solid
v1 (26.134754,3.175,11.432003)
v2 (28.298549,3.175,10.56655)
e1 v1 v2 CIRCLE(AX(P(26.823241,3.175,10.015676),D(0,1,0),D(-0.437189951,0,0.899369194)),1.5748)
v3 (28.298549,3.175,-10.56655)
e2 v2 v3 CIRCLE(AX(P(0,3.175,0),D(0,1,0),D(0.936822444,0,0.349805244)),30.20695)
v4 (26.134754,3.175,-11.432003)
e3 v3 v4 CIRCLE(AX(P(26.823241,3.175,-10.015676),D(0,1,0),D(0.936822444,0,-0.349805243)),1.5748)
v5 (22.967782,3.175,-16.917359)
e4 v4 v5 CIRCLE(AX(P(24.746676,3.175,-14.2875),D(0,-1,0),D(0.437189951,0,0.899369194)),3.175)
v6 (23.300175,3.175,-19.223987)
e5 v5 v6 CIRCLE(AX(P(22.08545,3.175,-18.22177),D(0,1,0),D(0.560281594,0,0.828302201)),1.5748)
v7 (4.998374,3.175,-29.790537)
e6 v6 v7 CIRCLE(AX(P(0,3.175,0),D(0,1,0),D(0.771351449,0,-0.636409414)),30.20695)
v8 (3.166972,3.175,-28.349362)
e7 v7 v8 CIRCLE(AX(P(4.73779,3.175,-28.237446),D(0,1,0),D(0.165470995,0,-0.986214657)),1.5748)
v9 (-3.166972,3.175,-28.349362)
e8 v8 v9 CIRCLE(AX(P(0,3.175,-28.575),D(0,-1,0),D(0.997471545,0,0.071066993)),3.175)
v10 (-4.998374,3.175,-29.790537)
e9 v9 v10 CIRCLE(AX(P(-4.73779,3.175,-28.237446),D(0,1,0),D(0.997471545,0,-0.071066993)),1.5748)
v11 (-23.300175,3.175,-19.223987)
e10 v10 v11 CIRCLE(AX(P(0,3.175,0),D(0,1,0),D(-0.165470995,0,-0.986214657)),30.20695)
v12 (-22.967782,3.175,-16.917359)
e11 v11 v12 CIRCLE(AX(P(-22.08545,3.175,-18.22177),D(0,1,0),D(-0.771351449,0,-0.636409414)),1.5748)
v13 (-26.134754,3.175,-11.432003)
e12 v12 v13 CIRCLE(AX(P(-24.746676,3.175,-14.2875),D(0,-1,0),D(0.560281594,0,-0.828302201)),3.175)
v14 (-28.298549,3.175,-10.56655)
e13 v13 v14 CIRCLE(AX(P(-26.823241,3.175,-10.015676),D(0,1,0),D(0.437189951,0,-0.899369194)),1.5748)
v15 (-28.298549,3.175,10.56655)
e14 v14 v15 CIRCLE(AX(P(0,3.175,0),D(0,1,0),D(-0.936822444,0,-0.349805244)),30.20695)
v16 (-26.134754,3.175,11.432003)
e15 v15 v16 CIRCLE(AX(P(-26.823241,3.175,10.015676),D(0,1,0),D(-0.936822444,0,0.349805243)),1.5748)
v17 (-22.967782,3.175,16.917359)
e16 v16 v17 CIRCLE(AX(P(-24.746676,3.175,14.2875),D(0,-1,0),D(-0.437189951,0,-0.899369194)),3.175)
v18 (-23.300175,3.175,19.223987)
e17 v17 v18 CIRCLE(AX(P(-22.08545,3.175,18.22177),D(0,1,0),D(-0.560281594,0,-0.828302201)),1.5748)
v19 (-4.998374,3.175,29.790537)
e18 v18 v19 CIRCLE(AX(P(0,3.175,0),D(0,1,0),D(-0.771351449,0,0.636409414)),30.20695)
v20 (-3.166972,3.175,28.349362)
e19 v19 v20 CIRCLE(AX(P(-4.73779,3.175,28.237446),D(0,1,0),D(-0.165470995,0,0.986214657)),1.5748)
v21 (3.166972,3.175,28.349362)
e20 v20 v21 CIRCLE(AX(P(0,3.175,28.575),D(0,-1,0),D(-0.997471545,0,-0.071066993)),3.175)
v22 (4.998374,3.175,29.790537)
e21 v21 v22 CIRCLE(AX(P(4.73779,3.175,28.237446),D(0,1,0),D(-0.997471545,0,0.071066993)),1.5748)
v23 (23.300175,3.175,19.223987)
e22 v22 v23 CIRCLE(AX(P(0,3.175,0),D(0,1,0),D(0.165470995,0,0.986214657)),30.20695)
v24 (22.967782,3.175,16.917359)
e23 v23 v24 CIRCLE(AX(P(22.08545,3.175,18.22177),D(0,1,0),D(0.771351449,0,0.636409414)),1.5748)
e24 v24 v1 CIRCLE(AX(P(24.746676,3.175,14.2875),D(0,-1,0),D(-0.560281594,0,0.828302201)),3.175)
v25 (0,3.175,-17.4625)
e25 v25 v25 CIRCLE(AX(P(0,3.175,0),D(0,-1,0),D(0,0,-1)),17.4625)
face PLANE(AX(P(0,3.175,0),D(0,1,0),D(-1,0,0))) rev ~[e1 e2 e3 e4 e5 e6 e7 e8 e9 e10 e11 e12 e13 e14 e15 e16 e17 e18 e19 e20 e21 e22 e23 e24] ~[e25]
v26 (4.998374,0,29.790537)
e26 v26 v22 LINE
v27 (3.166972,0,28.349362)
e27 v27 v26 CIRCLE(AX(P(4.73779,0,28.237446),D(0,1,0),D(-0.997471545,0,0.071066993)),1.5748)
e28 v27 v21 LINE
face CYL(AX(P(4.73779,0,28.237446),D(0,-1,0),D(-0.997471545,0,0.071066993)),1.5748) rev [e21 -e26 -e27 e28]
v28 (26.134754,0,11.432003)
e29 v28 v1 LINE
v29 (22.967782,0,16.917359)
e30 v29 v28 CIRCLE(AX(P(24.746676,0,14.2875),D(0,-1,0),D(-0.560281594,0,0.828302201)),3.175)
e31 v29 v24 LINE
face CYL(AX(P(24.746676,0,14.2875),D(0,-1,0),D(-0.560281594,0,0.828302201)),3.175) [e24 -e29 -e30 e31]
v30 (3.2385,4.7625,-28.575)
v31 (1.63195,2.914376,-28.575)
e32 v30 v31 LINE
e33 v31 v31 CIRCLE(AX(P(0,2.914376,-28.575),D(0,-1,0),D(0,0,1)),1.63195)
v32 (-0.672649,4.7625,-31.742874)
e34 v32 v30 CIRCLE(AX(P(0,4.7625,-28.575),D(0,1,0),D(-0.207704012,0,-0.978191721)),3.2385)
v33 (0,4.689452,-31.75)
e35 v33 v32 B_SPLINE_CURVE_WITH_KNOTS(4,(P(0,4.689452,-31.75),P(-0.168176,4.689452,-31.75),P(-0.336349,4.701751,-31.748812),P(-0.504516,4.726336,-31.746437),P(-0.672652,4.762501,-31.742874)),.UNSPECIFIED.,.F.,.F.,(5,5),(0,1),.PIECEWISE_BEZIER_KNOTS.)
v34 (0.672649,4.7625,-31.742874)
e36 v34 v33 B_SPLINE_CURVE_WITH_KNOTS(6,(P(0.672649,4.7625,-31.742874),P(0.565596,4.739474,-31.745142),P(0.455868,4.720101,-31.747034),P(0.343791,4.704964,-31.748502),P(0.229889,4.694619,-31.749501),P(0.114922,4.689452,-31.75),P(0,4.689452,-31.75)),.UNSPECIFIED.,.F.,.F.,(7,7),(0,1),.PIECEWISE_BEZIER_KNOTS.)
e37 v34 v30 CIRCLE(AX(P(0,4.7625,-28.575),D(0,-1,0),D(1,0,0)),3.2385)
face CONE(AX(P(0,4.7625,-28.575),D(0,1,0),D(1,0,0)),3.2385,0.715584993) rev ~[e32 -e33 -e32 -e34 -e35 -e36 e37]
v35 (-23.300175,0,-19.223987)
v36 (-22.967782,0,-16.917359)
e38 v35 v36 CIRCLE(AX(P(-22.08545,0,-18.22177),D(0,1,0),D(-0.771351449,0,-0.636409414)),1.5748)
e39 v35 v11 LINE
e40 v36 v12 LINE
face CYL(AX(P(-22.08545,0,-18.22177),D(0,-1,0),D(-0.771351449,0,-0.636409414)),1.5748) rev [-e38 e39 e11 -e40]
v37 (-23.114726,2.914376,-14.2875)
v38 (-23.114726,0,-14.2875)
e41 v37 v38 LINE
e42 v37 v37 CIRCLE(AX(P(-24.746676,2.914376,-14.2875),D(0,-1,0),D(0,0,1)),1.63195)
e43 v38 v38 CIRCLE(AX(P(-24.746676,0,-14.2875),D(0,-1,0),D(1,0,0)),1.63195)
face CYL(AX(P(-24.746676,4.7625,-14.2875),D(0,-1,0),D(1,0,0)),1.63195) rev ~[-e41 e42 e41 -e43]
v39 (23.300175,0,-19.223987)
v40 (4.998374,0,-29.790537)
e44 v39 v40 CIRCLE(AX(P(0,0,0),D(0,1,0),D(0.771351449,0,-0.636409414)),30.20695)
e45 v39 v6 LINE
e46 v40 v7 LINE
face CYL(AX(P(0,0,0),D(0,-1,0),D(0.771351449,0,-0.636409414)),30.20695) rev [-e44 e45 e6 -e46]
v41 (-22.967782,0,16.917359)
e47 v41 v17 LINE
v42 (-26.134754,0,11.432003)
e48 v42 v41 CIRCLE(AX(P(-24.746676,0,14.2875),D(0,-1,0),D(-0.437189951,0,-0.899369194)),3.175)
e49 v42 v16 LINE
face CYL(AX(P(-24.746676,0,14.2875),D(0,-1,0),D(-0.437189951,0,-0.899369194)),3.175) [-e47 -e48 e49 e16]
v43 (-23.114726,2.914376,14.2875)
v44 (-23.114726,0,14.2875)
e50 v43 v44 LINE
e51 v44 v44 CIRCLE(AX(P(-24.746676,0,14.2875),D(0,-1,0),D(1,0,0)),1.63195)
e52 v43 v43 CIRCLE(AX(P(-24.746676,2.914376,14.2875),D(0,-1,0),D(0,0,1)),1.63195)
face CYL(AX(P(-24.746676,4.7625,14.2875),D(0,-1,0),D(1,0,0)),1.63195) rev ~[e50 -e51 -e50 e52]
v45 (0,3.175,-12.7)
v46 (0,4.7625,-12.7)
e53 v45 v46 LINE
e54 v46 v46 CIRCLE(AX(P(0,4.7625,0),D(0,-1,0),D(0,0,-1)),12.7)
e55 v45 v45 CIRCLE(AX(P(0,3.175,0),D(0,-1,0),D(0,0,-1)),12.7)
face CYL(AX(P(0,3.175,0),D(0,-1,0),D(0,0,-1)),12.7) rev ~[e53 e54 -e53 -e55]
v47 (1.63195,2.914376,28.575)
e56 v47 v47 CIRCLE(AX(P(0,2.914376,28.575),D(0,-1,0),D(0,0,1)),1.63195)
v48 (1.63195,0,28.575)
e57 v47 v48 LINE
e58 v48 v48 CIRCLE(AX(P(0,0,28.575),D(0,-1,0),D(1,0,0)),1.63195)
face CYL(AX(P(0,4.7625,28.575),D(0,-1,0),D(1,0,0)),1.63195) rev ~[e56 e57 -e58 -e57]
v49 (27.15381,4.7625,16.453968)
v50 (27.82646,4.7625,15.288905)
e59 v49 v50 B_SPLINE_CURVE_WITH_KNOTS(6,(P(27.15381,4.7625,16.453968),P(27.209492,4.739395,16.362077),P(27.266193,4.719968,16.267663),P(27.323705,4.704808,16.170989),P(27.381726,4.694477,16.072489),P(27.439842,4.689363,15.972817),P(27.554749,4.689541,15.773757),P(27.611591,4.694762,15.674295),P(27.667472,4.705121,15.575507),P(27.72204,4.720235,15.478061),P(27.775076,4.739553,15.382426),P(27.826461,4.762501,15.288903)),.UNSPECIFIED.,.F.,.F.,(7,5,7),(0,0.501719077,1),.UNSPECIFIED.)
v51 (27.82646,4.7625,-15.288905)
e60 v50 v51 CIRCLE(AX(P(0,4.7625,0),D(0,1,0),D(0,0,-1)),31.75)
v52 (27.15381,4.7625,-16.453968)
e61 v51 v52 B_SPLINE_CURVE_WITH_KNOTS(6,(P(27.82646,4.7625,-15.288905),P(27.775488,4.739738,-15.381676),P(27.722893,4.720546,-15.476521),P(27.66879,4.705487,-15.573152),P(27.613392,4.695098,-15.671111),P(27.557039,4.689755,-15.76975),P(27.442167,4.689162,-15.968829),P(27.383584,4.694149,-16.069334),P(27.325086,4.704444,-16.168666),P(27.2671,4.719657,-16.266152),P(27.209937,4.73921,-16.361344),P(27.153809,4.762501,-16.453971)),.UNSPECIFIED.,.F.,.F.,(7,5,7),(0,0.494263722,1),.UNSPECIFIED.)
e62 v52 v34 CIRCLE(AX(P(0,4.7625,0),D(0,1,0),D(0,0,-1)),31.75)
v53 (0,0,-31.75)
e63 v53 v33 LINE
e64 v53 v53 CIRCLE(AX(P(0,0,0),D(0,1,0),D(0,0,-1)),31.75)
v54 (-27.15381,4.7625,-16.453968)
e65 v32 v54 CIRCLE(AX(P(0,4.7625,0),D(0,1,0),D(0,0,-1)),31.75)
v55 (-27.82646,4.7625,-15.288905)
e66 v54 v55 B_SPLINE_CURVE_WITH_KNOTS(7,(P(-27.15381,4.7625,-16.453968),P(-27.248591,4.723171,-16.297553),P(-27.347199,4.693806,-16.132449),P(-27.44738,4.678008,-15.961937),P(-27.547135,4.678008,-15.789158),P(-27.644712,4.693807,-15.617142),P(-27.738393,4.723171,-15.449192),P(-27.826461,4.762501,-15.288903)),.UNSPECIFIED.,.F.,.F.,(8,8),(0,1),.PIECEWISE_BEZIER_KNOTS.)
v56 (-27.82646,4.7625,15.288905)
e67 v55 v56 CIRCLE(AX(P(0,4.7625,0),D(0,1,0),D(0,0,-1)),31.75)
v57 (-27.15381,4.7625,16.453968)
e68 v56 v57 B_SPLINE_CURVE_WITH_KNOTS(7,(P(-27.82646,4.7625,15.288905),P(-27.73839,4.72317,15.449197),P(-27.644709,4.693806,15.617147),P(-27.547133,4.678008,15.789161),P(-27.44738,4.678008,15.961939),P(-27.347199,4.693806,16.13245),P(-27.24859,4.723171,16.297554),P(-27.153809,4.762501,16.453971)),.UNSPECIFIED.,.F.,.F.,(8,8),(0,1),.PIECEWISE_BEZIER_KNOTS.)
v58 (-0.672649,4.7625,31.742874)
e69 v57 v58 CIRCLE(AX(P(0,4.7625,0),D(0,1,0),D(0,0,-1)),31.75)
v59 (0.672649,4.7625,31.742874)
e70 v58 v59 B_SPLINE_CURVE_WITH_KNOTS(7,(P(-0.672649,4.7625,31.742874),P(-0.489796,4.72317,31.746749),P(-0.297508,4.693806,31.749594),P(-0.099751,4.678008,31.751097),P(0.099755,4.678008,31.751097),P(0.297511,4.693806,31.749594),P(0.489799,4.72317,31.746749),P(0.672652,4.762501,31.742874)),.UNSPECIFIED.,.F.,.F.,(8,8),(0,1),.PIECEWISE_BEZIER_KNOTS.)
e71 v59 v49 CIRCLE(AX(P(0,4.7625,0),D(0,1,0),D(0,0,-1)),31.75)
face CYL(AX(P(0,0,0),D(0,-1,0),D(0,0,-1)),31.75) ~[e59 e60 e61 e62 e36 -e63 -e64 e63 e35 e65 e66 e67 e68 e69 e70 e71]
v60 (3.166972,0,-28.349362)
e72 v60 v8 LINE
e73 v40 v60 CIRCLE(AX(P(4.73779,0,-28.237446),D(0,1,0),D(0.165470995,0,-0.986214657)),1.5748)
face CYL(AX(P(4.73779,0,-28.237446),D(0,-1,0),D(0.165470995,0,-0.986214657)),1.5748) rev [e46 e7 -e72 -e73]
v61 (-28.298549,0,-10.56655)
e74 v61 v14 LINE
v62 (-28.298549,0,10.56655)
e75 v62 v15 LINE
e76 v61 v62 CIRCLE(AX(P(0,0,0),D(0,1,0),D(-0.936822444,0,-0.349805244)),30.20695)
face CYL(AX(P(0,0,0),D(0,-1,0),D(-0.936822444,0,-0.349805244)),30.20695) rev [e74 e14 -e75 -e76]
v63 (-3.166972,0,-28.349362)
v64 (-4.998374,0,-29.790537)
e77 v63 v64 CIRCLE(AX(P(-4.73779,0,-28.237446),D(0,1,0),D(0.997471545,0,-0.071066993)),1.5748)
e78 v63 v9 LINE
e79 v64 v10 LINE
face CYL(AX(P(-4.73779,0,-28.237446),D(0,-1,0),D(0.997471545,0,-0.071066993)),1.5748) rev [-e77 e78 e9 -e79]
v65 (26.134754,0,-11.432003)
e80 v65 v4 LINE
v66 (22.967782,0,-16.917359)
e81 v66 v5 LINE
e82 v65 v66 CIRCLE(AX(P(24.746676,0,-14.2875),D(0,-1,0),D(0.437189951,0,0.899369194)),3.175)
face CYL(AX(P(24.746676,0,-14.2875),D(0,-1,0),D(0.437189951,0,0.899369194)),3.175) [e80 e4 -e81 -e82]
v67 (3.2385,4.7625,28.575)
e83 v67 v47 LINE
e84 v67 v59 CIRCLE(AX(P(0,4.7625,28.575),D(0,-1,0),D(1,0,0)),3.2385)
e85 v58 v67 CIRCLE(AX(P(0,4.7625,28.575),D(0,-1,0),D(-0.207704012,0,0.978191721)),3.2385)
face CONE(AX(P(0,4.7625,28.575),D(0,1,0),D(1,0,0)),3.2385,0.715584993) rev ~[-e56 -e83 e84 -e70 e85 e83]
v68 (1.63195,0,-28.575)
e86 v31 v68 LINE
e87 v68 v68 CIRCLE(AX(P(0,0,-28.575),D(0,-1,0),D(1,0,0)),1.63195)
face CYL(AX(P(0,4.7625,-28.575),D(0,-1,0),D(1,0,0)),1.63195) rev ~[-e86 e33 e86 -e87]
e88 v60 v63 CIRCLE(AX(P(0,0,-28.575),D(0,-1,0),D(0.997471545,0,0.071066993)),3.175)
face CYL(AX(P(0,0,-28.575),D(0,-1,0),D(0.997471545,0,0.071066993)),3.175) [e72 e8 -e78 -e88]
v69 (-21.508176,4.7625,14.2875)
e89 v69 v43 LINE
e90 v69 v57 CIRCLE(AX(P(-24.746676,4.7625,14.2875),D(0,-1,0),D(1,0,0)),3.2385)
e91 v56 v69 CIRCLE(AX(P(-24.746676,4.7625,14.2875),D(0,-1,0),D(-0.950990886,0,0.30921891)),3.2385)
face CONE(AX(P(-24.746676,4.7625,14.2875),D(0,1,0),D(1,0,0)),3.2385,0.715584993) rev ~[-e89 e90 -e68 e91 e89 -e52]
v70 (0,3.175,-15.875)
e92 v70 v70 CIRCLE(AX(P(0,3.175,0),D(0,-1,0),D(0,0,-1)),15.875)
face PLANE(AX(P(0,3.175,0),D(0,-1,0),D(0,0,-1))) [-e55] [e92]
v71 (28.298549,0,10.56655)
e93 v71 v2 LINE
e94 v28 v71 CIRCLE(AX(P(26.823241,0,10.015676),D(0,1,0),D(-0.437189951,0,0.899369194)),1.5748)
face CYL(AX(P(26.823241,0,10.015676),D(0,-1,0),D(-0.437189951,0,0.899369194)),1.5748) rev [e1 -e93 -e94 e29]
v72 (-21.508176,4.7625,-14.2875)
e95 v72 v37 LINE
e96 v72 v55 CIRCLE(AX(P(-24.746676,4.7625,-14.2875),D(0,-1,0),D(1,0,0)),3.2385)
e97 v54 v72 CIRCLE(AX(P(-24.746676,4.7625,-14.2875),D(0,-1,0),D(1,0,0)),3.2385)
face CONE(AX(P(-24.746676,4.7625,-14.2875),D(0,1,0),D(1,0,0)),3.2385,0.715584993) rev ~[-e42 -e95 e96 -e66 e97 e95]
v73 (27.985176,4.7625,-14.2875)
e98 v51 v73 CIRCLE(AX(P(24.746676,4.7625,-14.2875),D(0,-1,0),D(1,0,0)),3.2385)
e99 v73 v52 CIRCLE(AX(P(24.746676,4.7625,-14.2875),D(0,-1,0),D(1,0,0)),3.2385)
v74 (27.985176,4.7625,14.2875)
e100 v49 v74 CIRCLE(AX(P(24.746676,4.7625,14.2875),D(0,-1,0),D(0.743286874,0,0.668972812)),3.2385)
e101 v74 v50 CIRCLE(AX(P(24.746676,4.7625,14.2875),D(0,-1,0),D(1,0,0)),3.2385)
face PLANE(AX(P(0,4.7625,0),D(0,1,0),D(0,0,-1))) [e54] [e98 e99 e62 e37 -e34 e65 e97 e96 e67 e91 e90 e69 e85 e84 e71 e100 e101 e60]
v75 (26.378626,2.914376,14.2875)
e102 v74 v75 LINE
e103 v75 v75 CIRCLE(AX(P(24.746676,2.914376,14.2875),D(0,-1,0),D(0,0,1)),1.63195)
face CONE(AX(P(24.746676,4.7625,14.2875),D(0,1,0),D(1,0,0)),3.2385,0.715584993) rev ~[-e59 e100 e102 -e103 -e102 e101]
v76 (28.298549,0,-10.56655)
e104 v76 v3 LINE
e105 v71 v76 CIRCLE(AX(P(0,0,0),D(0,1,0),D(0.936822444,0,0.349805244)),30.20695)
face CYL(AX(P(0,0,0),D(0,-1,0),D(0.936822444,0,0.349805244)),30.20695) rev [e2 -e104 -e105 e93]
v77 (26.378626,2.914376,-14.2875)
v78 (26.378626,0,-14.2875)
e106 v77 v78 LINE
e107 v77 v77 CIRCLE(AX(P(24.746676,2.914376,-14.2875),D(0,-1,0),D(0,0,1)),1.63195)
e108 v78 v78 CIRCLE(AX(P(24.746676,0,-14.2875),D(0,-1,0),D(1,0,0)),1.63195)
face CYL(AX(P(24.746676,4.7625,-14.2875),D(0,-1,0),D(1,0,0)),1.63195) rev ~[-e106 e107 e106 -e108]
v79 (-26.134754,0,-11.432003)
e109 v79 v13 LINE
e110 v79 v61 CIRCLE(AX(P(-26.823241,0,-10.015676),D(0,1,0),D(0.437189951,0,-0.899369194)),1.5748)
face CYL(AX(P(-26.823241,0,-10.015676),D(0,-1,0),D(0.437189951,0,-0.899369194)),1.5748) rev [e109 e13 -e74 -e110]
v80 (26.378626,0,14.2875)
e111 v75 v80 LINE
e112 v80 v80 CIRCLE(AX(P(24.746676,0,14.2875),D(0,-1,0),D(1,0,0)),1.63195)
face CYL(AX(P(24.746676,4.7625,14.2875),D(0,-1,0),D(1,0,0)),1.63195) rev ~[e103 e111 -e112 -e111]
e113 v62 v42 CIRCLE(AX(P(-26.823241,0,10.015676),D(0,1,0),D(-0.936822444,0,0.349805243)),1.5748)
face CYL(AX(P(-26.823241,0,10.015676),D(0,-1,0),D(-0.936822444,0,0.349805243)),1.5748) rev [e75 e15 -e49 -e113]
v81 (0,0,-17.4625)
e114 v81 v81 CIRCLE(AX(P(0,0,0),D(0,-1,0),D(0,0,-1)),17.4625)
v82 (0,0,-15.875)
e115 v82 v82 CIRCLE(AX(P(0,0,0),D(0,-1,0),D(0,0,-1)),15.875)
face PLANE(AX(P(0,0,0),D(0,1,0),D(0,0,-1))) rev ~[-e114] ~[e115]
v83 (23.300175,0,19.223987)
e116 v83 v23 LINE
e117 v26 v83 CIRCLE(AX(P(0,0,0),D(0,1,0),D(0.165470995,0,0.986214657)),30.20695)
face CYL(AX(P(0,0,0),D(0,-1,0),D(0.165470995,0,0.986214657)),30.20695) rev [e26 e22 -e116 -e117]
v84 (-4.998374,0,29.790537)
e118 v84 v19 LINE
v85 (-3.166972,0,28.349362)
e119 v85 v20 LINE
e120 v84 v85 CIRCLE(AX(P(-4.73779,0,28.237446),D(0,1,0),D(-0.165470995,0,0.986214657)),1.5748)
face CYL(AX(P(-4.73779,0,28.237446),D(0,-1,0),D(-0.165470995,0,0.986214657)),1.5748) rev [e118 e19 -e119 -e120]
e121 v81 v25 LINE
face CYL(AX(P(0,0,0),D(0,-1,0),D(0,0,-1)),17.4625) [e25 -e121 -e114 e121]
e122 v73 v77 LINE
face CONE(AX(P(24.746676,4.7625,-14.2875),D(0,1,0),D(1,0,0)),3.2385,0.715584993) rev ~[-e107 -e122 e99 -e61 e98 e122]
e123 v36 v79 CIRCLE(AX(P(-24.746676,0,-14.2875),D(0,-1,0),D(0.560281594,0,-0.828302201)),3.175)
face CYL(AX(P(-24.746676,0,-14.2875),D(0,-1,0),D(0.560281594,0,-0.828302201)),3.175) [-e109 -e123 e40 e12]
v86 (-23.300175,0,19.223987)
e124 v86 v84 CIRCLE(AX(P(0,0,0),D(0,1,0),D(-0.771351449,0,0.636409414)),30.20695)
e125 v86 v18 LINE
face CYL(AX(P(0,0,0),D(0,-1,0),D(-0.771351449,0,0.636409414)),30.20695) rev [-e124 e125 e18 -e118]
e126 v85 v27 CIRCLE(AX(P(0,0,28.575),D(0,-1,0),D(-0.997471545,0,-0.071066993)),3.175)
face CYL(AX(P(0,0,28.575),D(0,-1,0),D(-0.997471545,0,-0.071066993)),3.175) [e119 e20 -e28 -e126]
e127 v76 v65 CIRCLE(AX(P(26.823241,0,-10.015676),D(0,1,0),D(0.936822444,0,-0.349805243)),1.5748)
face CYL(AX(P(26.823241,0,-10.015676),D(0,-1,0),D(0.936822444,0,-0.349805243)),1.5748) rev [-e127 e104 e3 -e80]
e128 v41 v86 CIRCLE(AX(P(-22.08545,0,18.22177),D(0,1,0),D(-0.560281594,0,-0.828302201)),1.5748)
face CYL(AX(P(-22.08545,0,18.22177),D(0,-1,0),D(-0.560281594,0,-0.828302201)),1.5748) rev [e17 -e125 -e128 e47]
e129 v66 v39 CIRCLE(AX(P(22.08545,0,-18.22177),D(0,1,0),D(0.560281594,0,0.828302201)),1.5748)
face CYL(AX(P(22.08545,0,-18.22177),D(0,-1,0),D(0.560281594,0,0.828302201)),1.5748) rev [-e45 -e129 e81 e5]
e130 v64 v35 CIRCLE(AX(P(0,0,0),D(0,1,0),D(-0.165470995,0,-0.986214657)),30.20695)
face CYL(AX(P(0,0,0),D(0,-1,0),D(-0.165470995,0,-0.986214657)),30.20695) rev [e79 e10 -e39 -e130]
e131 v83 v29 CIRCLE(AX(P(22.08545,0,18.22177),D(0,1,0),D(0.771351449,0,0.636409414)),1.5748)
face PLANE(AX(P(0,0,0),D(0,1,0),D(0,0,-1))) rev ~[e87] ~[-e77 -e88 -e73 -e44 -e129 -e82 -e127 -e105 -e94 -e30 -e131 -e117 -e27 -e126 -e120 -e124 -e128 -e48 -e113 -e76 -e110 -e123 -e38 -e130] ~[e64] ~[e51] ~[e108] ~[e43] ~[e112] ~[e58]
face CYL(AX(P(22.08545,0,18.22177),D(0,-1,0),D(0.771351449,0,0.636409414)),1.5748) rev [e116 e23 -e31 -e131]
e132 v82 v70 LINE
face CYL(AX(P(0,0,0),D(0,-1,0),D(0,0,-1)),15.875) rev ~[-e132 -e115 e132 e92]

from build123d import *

# Parameters (mm, degrees)
SKETCH1_R                                         = 31.75
BOSS_EXTRUDE1_DEPTH                               = 4.7625
CSK_FOR_4_FLAT_HEAD_SOCKET_CAP_SCREW1_D           = 3.2639
CSK_FOR_4_FLAT_HEAD_SOCKET_CAP_SCREW1_CSINK_D     = 6.477
CSK_FOR_4_FLAT_HEAD_SOCKET_CAP_SCREW1_CSINK_ANGLE = 82
SKETCH6_R                                         = 15.875
CUT_EXTRUDE1_DEPTH                                = 3.175
SKETCH7_R                                         = 12.7
CUT_EXTRUDE2_DEPTH                                = 3.175
SKETCH8_R                                         = 17.4625
CUT_EXTRUDE3_DEPTH                                = 3.175


with BuildPart() as part:
    # Sketch1 → Boss-Extrude1 (new body)
    with BuildSketch(Plane(origin=(0, 0, 0), x_dir=(1, 0, 0), z_dir=(0, 1, 0))):
        with Locations(Location((0, 0, 0), (0, 0, 90))):
            Circle(SKETCH1_R)
    extrude(amount=BOSS_EXTRUDE1_DEPTH)

    # CSK for #4 Flat Head Socket Cap Screw1 (through all)
    with Locations(Plane(origin=(0, 4.7625, 0), x_dir=(-1, 0, 0), z_dir=(0, 1, 0))):
        with Locations((0, 28.575), (24.746675913, 14.2875), (24.746675913, -14.2875), (0, -28.575), (-24.746675913, -14.2875), (-24.746675913, 14.2875)):
            CounterSinkHole(CSK_FOR_4_FLAT_HEAD_SOCKET_CAP_SCREW1_D / 2, CSK_FOR_4_FLAT_HEAD_SOCKET_CAP_SCREW1_CSINK_D / 2, counter_sink_angle=CSK_FOR_4_FLAT_HEAD_SOCKET_CAP_SCREW1_CSINK_ANGLE)

    # Sketch6 → Cut-Extrude1 (cut)
    with BuildSketch(Plane.XZ):
        with Locations(Location((0, 0, 0), (0, 0, 270))):
            Circle(SKETCH6_R)
    extrude(amount=-CUT_EXTRUDE1_DEPTH, mode=Mode.SUBTRACT)

    # Sketch7 → Cut-Extrude2 (cut)
    with BuildSketch(Plane.XZ.offset(-3.175)):
        with Locations(Location((0, 0, 0), (0, 0, 270))):
            Circle(SKETCH7_R)
    extrude(amount=-CUT_EXTRUDE2_DEPTH, mode=Mode.SUBTRACT)

    # Sketch8 → Cut-Extrude3 (cut)
    with BuildSketch(Plane.XZ):
        with BuildLine():
            ThreePointArc((26.134754006, 11.432002809), (27.408069158, 11.477856343), (28.298548725, 10.5665495))
            ThreePointArc((28.298548725, 10.5665495), (30.20695, 0), (28.298548725, -10.5665495))
            ThreePointArc((28.298548725, -10.5665495), (27.408069158, -11.477856343), (26.134754006, -11.432002809))
            ThreePointArc((26.134754006, -11.432002809), (21.997045256, -12.7), (22.967781852, -16.917359487))
            ThreePointArc((22.967781852, -16.917359487), (23.644149753, -17.997155988), (23.30017466, -19.223987337))
            ThreePointArc((23.30017466, -19.223987337), (15.103475, -26.159986071), (4.998374065, -29.790536836))
            ThreePointArc((4.998374065, -29.790536836), (3.763919405, -29.475012331), (3.166972154, -28.349362296))
            ThreePointArc((3.166972154, -28.349362296), (0, -25.4), (-3.166972154, -28.349362296))
            ThreePointArc((-3.166972154, -28.349362296), (-3.763919405, -29.475012331), (-4.998374065, -29.790536836))
            ThreePointArc((-4.998374065, -29.790536836), (-15.103475, -26.159986071), (-23.30017466, -19.223987337))
            ThreePointArc((-23.30017466, -19.223987337), (-23.644149753, -17.997155988), (-22.967781852, -16.917359487))
            ThreePointArc((-22.967781852, -16.917359487), (-21.997045256, -12.7), (-26.134754006, -11.432002809))
            ThreePointArc((-26.134754006, -11.432002809), (-27.408069158, -11.477856343), (-28.298548725, -10.5665495))
            ThreePointArc((-28.298548725, -10.5665495), (-30.20695, 0), (-28.298548725, 10.5665495))
            ThreePointArc((-28.298548725, 10.5665495), (-27.408069158, 11.477856343), (-26.134754006, 11.432002809))
            ThreePointArc((-26.134754006, 11.432002809), (-21.997045256, 12.7), (-22.967781852, 16.917359487))
            ThreePointArc((-22.967781852, 16.917359487), (-23.644149753, 17.997155988), (-23.30017466, 19.223987337))
            ThreePointArc((-23.30017466, 19.223987337), (-15.103475, 26.159986071), (-4.998374065, 29.790536836))
            ThreePointArc((-4.998374065, 29.790536836), (-3.763919405, 29.475012331), (-3.166972154, 28.349362296))
            ThreePointArc((-3.166972154, 28.349362296), (0, 25.4), (3.166972154, 28.349362296))
            ThreePointArc((3.166972154, 28.349362296), (3.763919405, 29.475012331), (4.998374065, 29.790536836))
            ThreePointArc((4.998374065, 29.790536836), (15.103475, 26.159986071), (23.30017466, 19.223987337))
            ThreePointArc((23.30017466, 19.223987337), (23.644149753, 17.997155988), (22.967781852, 16.917359487))
            ThreePointArc((22.967781852, 16.917359487), (21.997045256, 12.7), (26.134754006, 11.432002809))
        make_face()
        with Locations(Location((0, 0, 0), (0, 0, 270))):
            Circle(SKETCH8_R, mode=Mode.SUBTRACT)
    extrude(amount=-CUT_EXTRUDE3_DEPTH, mode=Mode.SUBTRACT)


solid = part.part
